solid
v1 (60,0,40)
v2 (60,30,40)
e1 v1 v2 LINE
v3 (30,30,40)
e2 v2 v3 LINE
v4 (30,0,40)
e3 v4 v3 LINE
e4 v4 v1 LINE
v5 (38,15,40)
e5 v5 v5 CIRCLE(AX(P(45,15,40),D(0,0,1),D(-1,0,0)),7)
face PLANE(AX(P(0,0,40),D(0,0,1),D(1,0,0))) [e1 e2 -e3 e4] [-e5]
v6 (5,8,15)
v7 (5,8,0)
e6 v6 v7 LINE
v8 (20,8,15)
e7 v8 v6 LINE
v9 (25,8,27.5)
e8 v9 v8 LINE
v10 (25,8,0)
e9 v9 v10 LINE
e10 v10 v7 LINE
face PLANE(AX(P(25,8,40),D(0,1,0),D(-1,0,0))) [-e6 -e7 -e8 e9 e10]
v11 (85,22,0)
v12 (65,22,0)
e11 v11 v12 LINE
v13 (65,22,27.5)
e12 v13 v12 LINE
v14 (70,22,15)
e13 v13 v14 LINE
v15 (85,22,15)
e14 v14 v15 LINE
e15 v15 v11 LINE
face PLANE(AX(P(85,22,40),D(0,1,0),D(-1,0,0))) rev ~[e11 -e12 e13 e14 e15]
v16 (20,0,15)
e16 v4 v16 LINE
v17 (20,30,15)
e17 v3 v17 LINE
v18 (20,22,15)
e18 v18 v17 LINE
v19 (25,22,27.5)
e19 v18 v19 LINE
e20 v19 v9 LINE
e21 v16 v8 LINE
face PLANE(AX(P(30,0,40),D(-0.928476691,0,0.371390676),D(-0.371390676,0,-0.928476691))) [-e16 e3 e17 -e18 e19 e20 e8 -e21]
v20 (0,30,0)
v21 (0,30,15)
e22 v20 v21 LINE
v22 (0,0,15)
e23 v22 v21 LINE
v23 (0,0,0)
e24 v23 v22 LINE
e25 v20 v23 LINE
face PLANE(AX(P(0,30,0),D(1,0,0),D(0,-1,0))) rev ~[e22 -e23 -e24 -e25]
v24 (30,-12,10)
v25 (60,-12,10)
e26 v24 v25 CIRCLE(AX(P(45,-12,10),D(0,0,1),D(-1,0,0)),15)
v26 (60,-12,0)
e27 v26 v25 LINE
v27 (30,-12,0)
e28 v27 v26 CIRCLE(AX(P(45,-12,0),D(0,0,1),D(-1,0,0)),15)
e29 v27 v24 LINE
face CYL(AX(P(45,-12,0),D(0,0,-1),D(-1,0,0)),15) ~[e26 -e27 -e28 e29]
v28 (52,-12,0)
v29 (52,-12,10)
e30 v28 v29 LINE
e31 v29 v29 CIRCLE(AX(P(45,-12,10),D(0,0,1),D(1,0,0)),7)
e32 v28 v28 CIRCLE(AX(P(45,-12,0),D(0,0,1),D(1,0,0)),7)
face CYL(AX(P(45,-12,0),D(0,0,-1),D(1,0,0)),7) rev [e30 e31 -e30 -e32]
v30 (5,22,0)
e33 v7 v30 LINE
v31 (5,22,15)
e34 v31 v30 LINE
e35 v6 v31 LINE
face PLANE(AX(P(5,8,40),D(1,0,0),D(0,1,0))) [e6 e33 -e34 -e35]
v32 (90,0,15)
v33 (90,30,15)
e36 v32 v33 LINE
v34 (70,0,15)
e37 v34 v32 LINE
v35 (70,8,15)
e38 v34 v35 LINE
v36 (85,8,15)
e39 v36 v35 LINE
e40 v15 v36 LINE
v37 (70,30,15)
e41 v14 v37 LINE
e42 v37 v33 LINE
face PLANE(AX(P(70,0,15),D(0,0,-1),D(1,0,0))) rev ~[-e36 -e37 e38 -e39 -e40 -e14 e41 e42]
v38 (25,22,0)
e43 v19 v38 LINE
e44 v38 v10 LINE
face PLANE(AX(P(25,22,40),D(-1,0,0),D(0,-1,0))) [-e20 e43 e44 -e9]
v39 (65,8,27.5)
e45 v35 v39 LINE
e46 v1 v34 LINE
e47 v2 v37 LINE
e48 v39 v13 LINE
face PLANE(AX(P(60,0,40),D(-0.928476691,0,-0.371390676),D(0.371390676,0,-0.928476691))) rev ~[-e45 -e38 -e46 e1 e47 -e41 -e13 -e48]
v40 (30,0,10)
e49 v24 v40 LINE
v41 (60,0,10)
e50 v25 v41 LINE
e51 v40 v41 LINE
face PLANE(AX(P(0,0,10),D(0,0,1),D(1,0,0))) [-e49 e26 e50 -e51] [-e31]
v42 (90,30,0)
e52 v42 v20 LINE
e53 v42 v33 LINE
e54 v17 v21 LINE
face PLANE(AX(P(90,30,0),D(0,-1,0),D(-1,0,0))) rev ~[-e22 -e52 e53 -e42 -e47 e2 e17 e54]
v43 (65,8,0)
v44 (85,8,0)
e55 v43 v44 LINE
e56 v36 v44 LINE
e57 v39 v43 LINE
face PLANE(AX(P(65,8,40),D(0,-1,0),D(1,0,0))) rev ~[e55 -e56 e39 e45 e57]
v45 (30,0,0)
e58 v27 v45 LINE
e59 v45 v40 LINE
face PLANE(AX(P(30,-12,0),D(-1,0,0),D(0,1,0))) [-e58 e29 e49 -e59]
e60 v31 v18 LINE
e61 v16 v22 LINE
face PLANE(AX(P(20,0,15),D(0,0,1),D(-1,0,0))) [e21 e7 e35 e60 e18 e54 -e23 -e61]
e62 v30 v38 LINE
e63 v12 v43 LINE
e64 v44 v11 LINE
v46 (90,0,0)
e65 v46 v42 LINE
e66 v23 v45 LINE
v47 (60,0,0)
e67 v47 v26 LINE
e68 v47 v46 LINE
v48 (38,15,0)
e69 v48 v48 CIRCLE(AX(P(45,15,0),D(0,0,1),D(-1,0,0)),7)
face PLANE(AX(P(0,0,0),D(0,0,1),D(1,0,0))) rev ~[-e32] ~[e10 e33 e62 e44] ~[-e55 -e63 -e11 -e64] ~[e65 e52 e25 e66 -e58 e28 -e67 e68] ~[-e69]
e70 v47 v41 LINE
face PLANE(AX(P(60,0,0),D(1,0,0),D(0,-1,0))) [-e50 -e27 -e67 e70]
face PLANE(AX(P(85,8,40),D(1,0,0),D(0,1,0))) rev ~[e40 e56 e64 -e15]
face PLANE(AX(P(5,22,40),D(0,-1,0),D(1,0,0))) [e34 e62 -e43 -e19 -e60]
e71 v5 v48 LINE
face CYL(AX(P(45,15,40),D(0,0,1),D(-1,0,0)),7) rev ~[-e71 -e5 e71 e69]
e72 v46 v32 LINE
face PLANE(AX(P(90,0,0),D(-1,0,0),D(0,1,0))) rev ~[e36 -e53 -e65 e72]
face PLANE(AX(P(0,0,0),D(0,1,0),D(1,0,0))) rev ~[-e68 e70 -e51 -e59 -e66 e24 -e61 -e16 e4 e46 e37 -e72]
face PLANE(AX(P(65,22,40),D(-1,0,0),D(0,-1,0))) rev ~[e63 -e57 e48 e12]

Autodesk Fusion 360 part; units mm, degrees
sketch "Sketch1" plane through (0, 0, 0) normal (0, 0, 1) x (1, 0, 0)
  line L0 (0, 0) -> (90, 0)
  line L1 (90, 0) -> (90, 30)
  line L2 (90, 30) -> (0, 30)
  line L3 (0, 30) -> (0, 0)
  dimension "d2" = 90
  dimension "d3" = 30
extrude "Extrude1" add sketch "Sketch1" along normal blind 40
sketch "Sketch2" plane through (0, 0, 0) normal (0, -1, 0) x (1, 0, 0)
  line L0 (0, 0) -> (90, 0)
  line L1 (90, 0) -> (90, 40)
  line L2 (90, 40) -> (0, 40)
  line L3 (0, 40) -> (0, 0)
  line L4 (30, 40) -> (20, 15)
  line L5 (20, 15) -> (0, 15)
  line L6 (30, 40) -> (0, 40)
  line L7 (0, 15) -> (0, 40)
  line L8 (45, 40) -> (45, 0) construction
  line L9 (60, 40) -> (70, 15)
  line L10 (60, 40) -> (90, 40)
  line L11 (90, 15) -> (90, 40)
  line L12 (70, 15) -> (90, 15)
  dimension "d8" = 15
  dimension "d11" = 30
  dimension "d12" = 50
extrude "Extrude2" cut sketch "Sketch2" against normal blind 55 contours L2 L3 L4 L5 L6 L7 | L1 L2 L9 L10 L11 L12
sketch "Sketch3" plane through (0, 0, 40) normal (0, 0, 1) x (-1, 0, 0)
  line L0 (-30, -30) -> (-30, 0)
  line L1 (-30, 0) -> (-60, 0)
  line L2 (-60, 0) -> (-60, -30)
  line L3 (-60, -30) -> (-30, -30)
  line L4 (-45, -30) -> (-45, 0) construction
  circle A0 centre (-45, -15) radius 7 construction
  line L5 (-5, -22) -> (-25, -22)
  line L6 (-25, -22) -> (-25, -8)
  line L7 (-25, -8) -> (-5, -8)
  line L8 (-5, -8) -> (-5, -22)
  line L9 (-20, 0) -> (0, 0)
  line L10 (0, -30) -> (-20, -30)
  line L11 (0, 0) -> (0, -30)
  line L12 (-65, -8) -> (-85, -8)
  line L13 (-85, -22) -> (-65, -22)
  line L14 (-85, -8) -> (-85, -22)
  line L15 (-65, -22) -> (-65, -8)
  circle A1 centre (-45, -15) radius 7
  dimension "d15" = 14
  dimension "d16" = 20
  dimension "d17" = 14
  dimension "d18" = 8
  dimension "d20" = 5
  dimension "d21" = 14
extrude "Extrude3" cut sketch "Sketch3" against normal through all contours L5 L6 L7 L8 | L12 L13 L14 L15 | A1
sketch "Sketch4" plane through (0, 0, 0) normal (0, 0, 1) x (1, 0, 0)
  line L0 (30, 0) -> (60, 0)
  line L1 (60, 0) -> (60, -10)
  line L2 (60, -10) -> (60, -12)
  arc A0 (30, -12) -> (60, -12) centre (45, -12) ccw
  line L3 (30, -12) -> (30, 0)
  circle A1 centre (45, -12) radius 7
  point P0 (30, 0)
  dimension "d23" = 15
  dimension "d24" = 30
  dimension "d25" = 14
  dimension "d26" = 12
extrude "Extrude4" add sketch "Sketch4" along normal blind 10
